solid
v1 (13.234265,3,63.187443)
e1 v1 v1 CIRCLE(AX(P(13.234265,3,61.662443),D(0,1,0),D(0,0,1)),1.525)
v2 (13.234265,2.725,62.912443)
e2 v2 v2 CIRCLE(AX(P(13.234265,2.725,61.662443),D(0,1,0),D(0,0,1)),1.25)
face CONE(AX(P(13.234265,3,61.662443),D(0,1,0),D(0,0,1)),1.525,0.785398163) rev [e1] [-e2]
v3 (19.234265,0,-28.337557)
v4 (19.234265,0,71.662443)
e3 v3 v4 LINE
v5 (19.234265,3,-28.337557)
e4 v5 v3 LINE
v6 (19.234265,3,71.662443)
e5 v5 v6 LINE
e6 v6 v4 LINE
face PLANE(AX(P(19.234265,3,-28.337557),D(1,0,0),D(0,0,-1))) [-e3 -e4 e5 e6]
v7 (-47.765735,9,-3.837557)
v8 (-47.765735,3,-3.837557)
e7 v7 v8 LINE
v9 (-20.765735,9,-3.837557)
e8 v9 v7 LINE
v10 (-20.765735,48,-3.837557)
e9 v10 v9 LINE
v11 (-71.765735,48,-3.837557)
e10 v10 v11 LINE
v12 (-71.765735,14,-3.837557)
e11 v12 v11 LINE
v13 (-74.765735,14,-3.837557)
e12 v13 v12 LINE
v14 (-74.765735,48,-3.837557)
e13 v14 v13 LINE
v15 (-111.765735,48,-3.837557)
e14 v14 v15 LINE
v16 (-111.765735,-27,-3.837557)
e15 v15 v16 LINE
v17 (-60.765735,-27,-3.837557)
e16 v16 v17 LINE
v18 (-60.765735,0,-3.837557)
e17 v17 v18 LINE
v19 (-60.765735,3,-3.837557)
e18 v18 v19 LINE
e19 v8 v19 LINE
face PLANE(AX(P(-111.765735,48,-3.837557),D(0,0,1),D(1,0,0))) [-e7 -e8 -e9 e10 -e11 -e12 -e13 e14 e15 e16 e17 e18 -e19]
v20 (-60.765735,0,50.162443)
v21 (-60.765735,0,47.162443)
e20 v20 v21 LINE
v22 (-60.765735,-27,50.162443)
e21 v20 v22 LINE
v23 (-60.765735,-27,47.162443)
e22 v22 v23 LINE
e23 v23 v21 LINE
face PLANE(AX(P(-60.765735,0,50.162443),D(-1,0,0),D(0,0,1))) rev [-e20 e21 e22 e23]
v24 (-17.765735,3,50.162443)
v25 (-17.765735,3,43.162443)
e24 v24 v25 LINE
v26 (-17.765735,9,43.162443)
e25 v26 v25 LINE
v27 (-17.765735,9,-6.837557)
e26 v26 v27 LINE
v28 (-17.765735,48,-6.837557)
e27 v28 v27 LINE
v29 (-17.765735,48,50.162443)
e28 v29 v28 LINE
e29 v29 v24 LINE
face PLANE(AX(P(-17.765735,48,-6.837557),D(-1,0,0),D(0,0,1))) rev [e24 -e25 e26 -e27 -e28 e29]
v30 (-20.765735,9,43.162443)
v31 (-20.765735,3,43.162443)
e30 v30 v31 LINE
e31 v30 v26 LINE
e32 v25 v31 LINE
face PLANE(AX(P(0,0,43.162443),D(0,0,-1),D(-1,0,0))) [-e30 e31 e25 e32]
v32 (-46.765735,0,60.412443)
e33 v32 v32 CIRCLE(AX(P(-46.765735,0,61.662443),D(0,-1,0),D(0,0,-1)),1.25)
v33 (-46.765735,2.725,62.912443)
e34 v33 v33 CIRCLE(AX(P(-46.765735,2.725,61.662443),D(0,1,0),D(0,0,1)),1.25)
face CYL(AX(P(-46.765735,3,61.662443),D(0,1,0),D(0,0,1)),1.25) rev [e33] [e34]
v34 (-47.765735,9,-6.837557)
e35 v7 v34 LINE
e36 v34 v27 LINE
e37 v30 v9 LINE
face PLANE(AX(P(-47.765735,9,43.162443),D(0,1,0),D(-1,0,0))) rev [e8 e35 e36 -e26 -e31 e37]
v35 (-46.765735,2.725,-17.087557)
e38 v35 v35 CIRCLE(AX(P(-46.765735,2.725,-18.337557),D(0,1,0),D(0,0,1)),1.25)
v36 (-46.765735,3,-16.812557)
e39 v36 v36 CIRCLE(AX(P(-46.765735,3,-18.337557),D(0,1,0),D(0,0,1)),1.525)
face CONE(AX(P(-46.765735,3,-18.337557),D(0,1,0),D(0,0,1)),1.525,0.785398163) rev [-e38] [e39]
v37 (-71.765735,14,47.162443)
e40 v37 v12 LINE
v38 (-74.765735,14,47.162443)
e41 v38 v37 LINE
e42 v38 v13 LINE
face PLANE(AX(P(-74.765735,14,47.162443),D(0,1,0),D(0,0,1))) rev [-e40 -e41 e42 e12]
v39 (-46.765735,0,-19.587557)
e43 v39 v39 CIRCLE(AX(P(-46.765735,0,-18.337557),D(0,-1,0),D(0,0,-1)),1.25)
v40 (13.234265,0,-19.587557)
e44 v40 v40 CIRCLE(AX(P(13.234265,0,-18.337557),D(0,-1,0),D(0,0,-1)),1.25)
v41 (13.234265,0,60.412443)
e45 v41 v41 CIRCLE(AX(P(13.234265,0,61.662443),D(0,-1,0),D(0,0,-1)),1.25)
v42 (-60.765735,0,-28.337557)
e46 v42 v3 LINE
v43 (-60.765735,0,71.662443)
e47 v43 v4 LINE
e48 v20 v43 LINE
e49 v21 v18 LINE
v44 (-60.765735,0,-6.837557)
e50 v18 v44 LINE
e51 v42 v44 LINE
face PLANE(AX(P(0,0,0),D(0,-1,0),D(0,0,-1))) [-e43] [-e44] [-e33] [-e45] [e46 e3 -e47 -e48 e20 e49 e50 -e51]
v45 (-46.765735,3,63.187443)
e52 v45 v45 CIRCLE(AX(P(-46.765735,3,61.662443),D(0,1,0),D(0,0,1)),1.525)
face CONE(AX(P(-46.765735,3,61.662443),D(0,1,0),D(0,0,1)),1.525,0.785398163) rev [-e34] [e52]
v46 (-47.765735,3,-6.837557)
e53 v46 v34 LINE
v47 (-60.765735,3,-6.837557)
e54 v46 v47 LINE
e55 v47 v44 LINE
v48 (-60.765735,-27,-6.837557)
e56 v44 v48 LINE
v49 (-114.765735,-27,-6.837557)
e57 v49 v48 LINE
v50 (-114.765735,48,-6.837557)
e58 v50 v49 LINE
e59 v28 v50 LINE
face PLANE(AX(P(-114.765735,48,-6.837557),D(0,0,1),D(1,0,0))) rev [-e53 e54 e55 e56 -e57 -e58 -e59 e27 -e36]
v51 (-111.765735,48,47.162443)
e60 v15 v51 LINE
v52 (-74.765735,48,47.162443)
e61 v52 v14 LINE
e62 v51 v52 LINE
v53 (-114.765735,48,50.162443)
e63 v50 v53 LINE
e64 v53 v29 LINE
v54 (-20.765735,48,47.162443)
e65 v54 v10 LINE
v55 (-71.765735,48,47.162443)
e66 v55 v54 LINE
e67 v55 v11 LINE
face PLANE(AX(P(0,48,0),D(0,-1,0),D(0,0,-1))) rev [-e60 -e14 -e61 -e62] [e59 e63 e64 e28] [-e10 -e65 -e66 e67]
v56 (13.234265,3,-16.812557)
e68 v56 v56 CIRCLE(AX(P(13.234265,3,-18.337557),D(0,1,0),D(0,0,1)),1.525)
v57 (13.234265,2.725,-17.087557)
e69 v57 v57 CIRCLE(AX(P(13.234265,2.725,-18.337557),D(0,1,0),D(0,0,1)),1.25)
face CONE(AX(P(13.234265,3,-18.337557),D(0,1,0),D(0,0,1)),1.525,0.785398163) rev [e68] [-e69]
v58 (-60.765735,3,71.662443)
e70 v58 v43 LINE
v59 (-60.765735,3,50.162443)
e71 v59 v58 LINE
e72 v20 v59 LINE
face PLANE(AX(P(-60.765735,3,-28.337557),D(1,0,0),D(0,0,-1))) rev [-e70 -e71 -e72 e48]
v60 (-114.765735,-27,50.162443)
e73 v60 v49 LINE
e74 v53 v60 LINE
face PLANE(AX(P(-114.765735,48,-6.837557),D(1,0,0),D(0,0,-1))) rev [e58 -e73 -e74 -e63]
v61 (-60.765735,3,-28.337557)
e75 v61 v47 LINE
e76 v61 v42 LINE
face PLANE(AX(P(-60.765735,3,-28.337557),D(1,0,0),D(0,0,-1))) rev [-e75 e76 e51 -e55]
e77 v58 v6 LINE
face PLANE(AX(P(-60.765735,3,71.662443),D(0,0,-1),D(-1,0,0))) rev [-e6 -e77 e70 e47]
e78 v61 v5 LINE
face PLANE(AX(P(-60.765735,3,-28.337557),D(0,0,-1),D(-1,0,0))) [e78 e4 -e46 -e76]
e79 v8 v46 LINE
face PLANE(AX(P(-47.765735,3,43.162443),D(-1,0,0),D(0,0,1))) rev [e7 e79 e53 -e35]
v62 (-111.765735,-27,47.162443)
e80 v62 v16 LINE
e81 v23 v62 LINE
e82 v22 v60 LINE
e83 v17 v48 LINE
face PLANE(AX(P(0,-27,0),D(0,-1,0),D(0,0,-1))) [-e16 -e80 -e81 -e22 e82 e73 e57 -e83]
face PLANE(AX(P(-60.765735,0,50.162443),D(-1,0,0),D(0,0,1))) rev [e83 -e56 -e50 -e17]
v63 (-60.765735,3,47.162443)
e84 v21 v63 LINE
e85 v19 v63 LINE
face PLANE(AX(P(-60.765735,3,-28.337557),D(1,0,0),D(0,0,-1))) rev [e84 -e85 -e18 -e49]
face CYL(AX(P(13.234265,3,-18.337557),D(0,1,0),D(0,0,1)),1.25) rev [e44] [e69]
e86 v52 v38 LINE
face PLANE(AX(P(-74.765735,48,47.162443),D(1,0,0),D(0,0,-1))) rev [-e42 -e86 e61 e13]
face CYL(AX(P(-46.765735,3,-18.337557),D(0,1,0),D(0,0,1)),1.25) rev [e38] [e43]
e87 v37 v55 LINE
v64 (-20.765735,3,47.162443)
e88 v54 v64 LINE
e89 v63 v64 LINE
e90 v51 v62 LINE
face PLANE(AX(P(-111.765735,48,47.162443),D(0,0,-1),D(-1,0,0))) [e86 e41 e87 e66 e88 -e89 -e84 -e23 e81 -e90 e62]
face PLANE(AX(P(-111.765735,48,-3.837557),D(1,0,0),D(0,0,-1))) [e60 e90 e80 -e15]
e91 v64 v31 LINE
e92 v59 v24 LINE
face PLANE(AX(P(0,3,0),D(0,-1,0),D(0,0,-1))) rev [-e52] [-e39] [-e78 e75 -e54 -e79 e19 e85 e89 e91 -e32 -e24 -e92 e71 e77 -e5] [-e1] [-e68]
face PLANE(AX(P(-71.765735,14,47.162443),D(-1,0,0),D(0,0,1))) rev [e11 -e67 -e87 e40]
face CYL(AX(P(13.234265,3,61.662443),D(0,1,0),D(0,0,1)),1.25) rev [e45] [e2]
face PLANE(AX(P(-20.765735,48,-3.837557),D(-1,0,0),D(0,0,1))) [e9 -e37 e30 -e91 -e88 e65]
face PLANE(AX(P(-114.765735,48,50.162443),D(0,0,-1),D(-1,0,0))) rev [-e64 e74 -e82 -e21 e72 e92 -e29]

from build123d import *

# Parameters (mm, degrees)
SKETCH_1_W                   = 80
SKETCH_1_H                   = 100
EXTRUDE_1_DEPTH              = 3
SKETCH_2_W                   = 97
SKETCH_2_H                   = 57
SKETCH_2_W_2                 = 91
SKETCH_2_H_2                 = 51
EXTRUDE_2_DEPTH              = 45
SKETCH_3_W                   = 3
SKETCH_3_H                   = 34
EXTRUDE_3_DEPTH              = 51
SKETCH_4_W                   = 30
SKETCH_4_H                   = 6
CUT_EXTRUDE_2_DEPTH          = 50
SKETCH_5_W                   = 57
SKETCH_5_H                   = 57
SKETCH_5_W_2                 = 51
SKETCH_5_H_2                 = 51
EXTRUDE_4_DEPTH              = 30
HOLE_WIZARD_M3_1_D           = 2.5
HOLE_WIZARD_M3_1_CSINK_D     = 3.05
HOLE_WIZARD_M3_1_CSINK_ANGLE = 90
SKETCH_9_W                   = 3
SKETCH_9_H                   = 57
CUT_EXTRUDE_3_DEPTH          = 27


with BuildPart() as part:
    # 草图1 → 凸台-拉伸1 (new body)
    with BuildSketch(Plane(origin=(0, 0, 0), x_dir=(1, 0, 0), z_dir=(0, 1, 0))):
        with Locations((-20.765734509, -21.662442769)):
            Rectangle(SKETCH_1_W, SKETCH_1_H)
    extrude(amount=EXTRUDE_1_DEPTH)

    # 草图2 → 凸台-拉伸2 (add)
    with BuildSketch(Plane(origin=(0, 3, 0), x_dir=(1, 0, 0), z_dir=(0, 1, 0))):
        with Locations((-66.265734509, -21.662442769)):
            Rectangle(SKETCH_2_W, SKETCH_2_H)
        with Locations((-66.265734509, -21.662442769)):
            Rectangle(SKETCH_2_W_2, SKETCH_2_H_2, mode=Mode.SUBTRACT)
    extrude(amount=EXTRUDE_2_DEPTH)

    # 草图3 → 凸台-拉伸3 (add)
    with BuildSketch(Plane.XY.offset(-3.837557231)):
        with Locations((-73.265734509, 31)):
            Rectangle(SKETCH_3_W, SKETCH_3_H)
    extrude(amount=EXTRUDE_3_DEPTH)

    # 草图4 → 切除-拉伸2 (cut)
    with BuildSketch(Plane(origin=(0, 0, -6.837557231), x_dir=(-1, 0, 0), z_dir=(0, 0, -1))):
        with Locations((32.765734509, 6)):
            Rectangle(SKETCH_4_W, SKETCH_4_H)
    extrude(amount=-CUT_EXTRUDE_2_DEPTH, mode=Mode.SUBTRACT)

    # 草图5 → 凸台-拉伸4 (add)
    with BuildSketch(Plane.XZ.offset(-3)):
        with Locations((-86.265734509, 21.662442769)):
            Rectangle(SKETCH_5_W, SKETCH_5_H)
        with Locations((-86.265734509, 21.662442769)):
            Rectangle(SKETCH_5_W_2, SKETCH_5_H_2, mode=Mode.SUBTRACT)
    extrude(amount=EXTRUDE_4_DEPTH)

    # M3 螺纹孔1 (through all)
    with Locations(Plane(origin=(0, 3, 0), x_dir=(1, 0, 0), z_dir=(0, 1, 0))):
        with Locations((-46.765734509, 18.337557231), (13.234265491, 18.337557231), (13.234265491, -61.662442769), (-46.765734509, -61.662442769)):
            CounterSinkHole(HOLE_WIZARD_M3_1_D / 2, HOLE_WIZARD_M3_1_CSINK_D / 2, counter_sink_angle=HOLE_WIZARD_M3_1_CSINK_ANGLE)

    # 草图9 → 切除-拉伸3 (cut)
    with BuildSketch(Plane(origin=(0, -27, 0), x_dir=(-1, 0, 0), z_dir=(0, -1, 0))):
        with Locations((59.265734509, -21.662442769)):
            Rectangle(SKETCH_9_W, SKETCH_9_H)
    extrude(amount=-CUT_EXTRUDE_3_DEPTH, mode=Mode.SUBTRACT)


solid = part.part
